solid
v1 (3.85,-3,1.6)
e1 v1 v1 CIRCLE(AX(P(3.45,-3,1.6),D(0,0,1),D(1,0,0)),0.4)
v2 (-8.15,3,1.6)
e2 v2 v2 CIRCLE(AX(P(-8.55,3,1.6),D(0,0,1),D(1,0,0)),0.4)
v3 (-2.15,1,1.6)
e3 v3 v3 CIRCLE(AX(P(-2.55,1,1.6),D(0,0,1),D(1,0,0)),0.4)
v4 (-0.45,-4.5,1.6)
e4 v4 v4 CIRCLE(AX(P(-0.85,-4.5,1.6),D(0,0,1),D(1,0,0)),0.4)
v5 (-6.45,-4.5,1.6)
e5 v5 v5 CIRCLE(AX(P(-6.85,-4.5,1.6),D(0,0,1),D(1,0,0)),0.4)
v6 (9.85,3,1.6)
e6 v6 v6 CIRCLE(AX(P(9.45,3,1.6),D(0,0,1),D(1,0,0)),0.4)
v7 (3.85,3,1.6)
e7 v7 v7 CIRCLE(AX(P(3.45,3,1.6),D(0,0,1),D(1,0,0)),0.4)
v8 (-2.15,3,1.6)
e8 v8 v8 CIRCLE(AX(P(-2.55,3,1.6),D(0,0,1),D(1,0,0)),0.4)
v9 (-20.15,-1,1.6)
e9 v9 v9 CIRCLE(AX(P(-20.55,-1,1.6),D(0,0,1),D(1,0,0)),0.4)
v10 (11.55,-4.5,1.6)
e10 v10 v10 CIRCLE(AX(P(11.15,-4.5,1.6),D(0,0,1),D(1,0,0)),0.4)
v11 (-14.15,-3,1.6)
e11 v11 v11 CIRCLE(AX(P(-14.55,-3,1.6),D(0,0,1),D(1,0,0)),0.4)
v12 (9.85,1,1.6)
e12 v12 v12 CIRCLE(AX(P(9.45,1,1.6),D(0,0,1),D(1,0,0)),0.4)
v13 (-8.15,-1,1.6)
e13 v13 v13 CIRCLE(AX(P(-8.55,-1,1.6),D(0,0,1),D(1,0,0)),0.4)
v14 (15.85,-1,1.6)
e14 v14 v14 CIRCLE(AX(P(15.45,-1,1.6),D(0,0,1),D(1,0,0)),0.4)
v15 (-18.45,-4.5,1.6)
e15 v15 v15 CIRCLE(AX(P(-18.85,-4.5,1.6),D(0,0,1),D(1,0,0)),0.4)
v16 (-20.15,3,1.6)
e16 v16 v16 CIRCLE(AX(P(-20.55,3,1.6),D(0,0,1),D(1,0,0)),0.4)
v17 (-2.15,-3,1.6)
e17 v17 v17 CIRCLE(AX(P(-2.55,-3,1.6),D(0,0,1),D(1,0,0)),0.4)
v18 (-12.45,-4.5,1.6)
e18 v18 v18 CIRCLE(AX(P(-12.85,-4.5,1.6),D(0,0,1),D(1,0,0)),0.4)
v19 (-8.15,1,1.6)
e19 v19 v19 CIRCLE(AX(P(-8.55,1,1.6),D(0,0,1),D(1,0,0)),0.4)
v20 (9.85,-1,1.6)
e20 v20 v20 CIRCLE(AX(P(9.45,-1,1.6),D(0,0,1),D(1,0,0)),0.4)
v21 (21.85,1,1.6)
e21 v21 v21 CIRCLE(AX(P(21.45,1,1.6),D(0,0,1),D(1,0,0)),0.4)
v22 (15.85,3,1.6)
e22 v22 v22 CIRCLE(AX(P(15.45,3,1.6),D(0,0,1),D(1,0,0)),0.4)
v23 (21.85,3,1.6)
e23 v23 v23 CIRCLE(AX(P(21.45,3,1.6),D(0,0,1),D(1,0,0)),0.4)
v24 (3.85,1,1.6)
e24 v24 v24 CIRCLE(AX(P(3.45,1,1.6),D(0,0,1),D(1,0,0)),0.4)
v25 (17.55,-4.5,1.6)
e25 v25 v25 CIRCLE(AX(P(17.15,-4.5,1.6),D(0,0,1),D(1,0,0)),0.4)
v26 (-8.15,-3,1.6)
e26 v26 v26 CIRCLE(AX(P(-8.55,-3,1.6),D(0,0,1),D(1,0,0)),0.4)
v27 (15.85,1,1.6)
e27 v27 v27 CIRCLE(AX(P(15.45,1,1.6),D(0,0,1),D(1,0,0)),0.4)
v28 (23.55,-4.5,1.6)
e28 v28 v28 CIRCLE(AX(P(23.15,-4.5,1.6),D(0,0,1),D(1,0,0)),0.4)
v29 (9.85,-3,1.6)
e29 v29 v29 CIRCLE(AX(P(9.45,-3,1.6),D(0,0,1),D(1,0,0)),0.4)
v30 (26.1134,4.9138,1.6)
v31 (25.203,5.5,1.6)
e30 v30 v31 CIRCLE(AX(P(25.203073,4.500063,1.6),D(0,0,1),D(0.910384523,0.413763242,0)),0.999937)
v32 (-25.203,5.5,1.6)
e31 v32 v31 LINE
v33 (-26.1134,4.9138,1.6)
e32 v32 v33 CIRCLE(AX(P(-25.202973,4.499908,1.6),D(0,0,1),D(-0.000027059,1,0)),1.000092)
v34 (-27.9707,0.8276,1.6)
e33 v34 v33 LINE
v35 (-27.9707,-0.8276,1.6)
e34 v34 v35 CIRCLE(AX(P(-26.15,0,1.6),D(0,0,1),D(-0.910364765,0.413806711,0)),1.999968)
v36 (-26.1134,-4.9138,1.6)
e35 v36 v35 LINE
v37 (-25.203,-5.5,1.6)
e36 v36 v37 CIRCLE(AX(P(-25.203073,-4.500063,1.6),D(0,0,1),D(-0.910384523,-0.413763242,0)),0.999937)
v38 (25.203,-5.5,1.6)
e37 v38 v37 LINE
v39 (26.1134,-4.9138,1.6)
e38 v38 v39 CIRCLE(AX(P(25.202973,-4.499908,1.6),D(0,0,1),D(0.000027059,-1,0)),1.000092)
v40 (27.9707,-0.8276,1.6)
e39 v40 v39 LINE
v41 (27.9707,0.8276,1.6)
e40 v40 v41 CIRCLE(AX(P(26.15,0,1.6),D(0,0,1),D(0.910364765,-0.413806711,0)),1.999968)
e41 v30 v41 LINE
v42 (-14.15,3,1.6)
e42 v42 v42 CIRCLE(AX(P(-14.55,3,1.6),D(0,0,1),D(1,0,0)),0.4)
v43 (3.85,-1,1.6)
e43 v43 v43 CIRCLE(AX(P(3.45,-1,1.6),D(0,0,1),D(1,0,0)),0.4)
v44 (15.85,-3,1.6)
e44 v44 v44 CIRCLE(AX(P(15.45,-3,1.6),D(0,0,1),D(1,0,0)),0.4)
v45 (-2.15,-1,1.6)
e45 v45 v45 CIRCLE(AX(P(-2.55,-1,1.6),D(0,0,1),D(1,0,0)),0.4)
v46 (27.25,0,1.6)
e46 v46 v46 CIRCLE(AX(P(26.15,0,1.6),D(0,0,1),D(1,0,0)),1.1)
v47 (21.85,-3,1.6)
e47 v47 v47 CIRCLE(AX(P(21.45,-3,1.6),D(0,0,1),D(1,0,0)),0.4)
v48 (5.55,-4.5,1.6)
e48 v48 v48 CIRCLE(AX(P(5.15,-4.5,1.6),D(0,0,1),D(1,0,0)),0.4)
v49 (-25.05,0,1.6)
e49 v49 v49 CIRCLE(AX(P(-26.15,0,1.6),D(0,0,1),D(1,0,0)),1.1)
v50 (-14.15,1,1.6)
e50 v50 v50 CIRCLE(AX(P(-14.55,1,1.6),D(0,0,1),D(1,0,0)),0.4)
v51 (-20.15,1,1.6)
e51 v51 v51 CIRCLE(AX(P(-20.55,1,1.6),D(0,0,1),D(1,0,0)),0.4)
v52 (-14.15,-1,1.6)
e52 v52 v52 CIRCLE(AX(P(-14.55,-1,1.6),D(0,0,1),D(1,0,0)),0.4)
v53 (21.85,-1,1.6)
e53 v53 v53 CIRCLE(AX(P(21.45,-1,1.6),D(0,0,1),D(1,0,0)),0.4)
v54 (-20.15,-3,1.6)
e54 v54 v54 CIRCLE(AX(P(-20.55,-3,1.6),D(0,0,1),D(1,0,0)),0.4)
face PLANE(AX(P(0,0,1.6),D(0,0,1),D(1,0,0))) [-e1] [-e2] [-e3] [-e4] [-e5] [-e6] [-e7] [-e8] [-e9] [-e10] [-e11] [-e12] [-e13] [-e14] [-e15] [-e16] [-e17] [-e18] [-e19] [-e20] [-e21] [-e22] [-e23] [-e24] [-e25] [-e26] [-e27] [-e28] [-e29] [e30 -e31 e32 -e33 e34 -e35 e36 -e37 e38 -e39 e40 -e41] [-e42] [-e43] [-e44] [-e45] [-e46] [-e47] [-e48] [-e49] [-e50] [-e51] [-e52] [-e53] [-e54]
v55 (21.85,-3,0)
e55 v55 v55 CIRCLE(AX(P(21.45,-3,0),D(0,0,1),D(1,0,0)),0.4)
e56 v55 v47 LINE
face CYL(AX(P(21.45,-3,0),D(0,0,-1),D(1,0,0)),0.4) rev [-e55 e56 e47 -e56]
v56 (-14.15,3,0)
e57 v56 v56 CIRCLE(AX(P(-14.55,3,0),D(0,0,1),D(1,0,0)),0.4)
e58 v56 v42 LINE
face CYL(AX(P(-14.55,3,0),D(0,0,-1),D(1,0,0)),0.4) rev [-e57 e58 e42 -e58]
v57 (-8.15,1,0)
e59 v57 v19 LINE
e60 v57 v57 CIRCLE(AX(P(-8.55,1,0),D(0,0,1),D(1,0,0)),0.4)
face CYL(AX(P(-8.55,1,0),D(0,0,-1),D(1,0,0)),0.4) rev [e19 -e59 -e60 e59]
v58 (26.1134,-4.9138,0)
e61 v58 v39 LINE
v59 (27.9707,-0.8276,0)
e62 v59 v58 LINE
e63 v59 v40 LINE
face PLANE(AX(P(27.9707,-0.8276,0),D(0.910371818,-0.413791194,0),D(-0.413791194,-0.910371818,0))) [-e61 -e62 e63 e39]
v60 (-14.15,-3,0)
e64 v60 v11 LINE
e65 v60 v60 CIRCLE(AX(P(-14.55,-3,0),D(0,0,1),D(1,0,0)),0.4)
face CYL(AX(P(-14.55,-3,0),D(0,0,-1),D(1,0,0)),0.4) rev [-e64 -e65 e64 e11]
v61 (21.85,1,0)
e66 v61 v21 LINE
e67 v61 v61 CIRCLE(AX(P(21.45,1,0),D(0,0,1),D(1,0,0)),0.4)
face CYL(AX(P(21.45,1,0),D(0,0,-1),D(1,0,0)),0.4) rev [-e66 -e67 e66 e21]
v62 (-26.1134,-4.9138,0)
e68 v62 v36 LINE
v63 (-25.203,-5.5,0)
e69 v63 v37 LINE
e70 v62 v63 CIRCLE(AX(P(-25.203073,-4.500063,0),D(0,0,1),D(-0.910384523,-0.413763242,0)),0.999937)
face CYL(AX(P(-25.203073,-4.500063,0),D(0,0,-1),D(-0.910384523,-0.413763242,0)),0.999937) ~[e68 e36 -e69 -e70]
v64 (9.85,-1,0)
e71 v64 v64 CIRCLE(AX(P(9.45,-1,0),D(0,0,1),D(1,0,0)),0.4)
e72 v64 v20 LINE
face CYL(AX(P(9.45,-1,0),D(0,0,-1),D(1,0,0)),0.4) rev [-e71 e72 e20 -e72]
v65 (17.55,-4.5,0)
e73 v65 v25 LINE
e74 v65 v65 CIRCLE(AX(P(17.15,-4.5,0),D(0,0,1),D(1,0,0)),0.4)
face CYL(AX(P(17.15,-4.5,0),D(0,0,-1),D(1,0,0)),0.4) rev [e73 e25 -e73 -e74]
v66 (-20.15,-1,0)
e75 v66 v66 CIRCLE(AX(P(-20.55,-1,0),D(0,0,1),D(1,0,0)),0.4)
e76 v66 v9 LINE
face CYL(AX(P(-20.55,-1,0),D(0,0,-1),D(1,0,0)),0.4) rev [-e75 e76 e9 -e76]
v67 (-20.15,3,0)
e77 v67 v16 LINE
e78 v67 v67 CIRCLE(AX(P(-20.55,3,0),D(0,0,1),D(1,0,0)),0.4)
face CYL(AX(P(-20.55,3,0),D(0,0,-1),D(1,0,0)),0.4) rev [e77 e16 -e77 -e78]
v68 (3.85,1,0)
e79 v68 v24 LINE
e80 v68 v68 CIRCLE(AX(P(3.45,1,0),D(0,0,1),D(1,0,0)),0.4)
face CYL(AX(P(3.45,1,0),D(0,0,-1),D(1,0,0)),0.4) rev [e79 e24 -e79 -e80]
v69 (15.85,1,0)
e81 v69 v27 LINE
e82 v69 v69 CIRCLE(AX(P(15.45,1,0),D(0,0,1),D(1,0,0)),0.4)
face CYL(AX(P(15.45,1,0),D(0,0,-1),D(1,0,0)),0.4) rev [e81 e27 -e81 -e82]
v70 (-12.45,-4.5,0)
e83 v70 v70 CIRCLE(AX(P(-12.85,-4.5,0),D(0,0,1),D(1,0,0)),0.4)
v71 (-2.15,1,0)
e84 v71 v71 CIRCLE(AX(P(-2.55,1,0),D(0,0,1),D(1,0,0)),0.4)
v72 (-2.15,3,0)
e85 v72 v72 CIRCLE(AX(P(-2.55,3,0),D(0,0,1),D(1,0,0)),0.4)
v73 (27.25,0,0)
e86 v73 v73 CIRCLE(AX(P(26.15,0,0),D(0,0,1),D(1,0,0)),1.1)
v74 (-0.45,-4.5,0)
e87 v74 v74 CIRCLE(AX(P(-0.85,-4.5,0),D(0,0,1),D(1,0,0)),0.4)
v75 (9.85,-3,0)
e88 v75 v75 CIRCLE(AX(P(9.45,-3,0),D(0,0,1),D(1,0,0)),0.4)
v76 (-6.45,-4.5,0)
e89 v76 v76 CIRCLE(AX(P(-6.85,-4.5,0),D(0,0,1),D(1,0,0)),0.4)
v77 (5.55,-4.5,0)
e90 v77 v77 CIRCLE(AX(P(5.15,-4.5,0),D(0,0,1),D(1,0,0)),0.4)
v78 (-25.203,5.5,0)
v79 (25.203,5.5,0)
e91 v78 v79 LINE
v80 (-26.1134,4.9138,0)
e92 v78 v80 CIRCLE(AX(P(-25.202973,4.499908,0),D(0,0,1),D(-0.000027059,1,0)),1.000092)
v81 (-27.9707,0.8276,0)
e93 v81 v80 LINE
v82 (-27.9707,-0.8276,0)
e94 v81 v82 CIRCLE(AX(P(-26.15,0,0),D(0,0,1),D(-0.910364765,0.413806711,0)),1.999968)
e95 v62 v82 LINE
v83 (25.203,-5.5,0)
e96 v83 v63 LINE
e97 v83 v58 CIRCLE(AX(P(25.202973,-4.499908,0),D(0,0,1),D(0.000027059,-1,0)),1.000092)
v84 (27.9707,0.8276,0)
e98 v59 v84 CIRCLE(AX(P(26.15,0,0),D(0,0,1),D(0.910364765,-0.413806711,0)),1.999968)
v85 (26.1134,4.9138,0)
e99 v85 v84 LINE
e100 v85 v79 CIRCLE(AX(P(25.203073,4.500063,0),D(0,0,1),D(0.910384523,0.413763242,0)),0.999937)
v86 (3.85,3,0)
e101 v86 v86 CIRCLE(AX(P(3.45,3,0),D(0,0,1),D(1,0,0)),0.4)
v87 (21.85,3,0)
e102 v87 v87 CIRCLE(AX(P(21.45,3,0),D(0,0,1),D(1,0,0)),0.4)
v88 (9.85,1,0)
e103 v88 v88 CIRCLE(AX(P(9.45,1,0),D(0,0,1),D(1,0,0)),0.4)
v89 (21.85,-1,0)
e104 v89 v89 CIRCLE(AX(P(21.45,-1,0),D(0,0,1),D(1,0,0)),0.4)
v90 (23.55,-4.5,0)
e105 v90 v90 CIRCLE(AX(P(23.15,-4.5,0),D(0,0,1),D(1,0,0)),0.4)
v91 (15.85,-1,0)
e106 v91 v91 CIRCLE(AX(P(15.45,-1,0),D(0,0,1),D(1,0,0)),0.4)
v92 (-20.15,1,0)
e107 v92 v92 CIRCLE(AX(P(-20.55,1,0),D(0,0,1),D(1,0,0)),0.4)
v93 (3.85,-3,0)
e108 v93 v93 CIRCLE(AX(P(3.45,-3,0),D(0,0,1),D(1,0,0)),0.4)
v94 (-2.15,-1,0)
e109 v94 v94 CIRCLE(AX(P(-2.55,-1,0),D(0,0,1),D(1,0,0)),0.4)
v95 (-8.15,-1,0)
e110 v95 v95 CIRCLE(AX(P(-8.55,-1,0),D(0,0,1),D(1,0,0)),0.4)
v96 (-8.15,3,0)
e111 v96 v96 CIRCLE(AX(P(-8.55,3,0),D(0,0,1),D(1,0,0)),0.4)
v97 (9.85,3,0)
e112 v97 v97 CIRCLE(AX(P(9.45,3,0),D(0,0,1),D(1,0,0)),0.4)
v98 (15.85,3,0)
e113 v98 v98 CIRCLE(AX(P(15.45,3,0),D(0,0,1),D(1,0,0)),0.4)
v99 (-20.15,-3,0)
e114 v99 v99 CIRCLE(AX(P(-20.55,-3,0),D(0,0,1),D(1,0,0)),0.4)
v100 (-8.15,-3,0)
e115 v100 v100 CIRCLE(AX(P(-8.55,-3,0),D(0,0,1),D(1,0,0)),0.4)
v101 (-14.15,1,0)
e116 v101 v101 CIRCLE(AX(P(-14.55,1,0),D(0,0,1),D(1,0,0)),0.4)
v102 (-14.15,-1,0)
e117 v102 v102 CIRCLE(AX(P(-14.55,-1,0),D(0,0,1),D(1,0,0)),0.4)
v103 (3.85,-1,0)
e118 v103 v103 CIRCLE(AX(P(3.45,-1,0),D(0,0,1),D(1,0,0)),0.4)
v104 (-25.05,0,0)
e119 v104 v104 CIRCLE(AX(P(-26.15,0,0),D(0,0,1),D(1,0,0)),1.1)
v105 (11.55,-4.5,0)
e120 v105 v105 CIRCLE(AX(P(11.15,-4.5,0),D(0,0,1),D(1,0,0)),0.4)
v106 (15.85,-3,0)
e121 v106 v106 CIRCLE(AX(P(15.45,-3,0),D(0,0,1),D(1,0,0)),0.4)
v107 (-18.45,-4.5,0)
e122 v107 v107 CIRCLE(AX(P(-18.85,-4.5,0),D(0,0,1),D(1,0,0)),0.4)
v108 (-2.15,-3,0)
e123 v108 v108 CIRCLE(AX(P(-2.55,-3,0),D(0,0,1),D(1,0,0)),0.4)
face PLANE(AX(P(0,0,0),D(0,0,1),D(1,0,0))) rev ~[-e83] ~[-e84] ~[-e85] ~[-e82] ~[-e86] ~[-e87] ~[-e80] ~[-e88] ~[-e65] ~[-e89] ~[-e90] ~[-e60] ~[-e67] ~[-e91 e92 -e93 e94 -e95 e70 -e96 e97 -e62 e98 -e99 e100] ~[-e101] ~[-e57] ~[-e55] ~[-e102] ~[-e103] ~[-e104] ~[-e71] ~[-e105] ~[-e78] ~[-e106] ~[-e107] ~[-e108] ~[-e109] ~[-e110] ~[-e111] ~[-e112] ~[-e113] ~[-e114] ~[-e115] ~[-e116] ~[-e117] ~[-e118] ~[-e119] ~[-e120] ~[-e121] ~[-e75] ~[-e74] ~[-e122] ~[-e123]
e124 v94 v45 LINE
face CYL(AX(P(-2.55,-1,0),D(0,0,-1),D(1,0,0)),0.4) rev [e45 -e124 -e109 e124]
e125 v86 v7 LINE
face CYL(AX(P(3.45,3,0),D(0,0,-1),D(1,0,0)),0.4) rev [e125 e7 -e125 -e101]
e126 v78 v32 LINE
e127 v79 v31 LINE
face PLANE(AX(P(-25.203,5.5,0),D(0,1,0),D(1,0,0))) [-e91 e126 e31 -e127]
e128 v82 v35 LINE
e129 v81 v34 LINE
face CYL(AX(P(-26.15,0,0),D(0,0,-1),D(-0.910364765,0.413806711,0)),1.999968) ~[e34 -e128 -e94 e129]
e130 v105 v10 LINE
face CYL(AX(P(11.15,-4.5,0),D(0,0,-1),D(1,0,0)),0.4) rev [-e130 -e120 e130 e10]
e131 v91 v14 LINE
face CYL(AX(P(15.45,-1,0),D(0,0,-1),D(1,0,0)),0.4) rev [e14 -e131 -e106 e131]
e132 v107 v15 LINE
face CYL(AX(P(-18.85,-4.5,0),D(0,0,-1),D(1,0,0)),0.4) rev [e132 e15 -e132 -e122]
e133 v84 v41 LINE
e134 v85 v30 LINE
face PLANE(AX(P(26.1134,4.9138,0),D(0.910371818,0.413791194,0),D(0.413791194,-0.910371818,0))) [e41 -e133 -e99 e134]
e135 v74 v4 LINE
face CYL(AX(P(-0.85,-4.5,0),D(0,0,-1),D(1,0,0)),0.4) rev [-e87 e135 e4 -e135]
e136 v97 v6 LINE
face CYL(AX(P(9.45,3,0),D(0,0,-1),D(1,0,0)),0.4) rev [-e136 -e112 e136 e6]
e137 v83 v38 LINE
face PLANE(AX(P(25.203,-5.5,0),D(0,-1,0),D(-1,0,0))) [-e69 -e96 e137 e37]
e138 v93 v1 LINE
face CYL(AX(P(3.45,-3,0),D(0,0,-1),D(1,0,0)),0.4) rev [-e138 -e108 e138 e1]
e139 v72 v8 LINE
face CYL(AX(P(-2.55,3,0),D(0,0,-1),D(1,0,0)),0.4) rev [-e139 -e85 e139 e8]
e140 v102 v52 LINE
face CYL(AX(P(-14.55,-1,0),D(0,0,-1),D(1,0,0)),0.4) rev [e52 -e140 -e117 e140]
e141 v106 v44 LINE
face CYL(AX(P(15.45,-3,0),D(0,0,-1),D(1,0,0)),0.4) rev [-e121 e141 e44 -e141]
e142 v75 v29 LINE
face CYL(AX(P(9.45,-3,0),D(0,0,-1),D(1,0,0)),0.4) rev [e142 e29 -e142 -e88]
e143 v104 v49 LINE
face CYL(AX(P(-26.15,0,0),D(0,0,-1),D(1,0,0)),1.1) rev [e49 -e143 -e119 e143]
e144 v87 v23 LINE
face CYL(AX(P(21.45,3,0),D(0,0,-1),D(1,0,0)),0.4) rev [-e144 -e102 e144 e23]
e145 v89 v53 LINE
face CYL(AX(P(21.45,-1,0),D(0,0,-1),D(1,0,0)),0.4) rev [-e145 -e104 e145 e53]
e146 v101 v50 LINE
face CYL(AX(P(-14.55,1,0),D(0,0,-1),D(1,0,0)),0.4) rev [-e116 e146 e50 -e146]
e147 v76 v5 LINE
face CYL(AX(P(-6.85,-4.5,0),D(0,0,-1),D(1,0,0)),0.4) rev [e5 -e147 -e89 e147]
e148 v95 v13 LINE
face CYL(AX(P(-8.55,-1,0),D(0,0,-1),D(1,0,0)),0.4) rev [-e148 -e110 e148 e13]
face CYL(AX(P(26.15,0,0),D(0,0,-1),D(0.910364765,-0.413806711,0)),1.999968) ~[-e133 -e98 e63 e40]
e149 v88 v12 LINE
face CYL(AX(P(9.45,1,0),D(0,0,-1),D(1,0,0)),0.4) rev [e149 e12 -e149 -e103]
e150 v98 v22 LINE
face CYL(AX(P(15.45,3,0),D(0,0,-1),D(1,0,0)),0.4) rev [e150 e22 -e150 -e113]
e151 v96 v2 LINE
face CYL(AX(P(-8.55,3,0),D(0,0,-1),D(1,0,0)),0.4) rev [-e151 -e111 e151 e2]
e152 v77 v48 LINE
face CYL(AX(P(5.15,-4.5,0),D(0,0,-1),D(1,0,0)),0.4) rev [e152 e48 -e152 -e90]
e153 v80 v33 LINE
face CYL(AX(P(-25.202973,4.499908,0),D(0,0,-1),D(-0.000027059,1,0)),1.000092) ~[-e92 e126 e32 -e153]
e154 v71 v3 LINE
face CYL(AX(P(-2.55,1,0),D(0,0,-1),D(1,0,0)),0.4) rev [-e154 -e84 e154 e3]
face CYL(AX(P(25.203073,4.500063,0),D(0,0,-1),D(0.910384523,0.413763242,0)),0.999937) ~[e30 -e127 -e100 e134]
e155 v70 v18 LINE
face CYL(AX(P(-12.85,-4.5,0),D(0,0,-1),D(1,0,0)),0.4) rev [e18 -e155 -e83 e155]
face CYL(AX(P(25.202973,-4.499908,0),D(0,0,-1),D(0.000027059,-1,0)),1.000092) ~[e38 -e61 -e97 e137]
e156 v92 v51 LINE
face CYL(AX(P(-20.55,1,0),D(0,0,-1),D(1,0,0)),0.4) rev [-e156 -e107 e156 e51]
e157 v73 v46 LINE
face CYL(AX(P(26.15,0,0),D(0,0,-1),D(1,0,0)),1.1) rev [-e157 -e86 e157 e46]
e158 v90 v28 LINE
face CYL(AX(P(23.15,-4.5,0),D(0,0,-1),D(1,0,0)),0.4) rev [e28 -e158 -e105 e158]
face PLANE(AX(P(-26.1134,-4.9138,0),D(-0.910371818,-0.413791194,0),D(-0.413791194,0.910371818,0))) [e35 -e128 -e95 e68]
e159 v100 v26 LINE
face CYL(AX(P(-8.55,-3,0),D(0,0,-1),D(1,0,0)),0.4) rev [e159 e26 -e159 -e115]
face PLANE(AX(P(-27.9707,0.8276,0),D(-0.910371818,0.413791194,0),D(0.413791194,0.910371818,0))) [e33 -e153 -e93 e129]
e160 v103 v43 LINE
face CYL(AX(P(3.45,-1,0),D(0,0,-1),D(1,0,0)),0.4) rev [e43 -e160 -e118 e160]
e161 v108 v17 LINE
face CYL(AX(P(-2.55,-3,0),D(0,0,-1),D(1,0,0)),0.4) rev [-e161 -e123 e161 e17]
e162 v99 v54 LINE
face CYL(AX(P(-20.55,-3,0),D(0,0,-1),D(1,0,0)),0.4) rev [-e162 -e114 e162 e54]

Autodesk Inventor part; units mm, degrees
ref_plane "YZ Plane" through (0, 0, 0) normal (1, 0, 0) x (0, 1, 0)
ref_plane "XZ Plane" through (0, 0, 0) normal (0, 1, 0) x (-1, 0, 0)
ref_plane "XY Plane" through (0, 0, 0) normal (0, 0, 1) x (1, 0, 0)
sketch "スケッチ1" plane through (0, 0, 0) normal (0, 0, 1) x (1, 0, 0)
  circle A0 centre (-26.15, 0) radius 1.1
  circle A1 centre (-20.55, 3) radius 0.4
  circle A2 centre (-18.85, 4.5) radius 0.4 construction
  circle A3 centre (-20.55, 1) radius 0.4
  circle A4 centre (-20.55, -1) radius 0.4
  circle A5 centre (-20.55, -3) radius 0.4
  circle A6 centre (-14.55, 3) radius 0.4
  circle A7 centre (-12.85, 4.5) radius 0.4 construction
  circle A8 centre (-14.55, 1) radius 0.4
  circle A9 centre (-14.55, -1) radius 0.4
  circle A10 centre (-14.55, -3) radius 0.4
  circle A11 centre (-8.55, 3) radius 0.4
  circle A12 centre (-6.85, 4.5) radius 0.4 construction
  circle A13 centre (-8.55, 1) radius 0.4
  circle A14 centre (-8.55, -1) radius 0.4
  circle A15 centre (-8.55, -3) radius 0.4
  circle A16 centre (-2.55, 3) radius 0.4
  circle A17 centre (-0.85, 4.5) radius 0.4 construction
  circle A18 centre (-2.55, 1) radius 0.4
  circle A19 centre (-2.55, -1) radius 0.4
  circle A20 centre (-2.55, -3) radius 0.4
  circle A21 centre (3.45, 3) radius 0.4
  circle A22 centre (5.15, 4.5) radius 0.4 construction
  circle A23 centre (3.45, 1) radius 0.4
  circle A24 centre (3.45, -1) radius 0.4
  circle A25 centre (3.45, -3) radius 0.4
  circle A26 centre (9.45, 3) radius 0.4
  circle A27 centre (11.15, 4.5) radius 0.4 construction
  circle A28 centre (9.45, 1) radius 0.4
  circle A29 centre (9.45, -1) radius 0.4
  circle A30 centre (9.45, -3) radius 0.4
  circle A31 centre (15.45, 3) radius 0.4
  circle A32 centre (17.15, 4.5) radius 0.4 construction
  circle A33 centre (15.45, 1) radius 0.4
  circle A34 centre (15.45, -1) radius 0.4
  circle A35 centre (15.45, -3) radius 0.4
  circle A36 centre (21.45, 3) radius 0.4
  circle A37 centre (23.15, 4.5) radius 0.4 construction
  circle A38 centre (21.45, 1) radius 0.4
  circle A39 centre (21.45, -1) radius 0.4
  circle A40 centre (21.45, -3) radius 0.4
  line L0 (-26.1134, -4.9138) -> (-27.9707, -0.8276)
  arc A41 (-27.9707, 0.8276) -> (-27.9707, -0.8276) centre (-26.15, 0) ccw
  line L1 (-27.9707, 0.8276) -> (-26.1134, 4.9138)
  arc A42 (-25.203, 5.5) -> (-26.1134, 4.9138) centre (-25.203, 4.5) ccw
  line L2 (-25.203, 5.5) -> (25.203, 5.5)
  arc A43 (26.1134, 4.9138) -> (25.203, 5.5) centre (25.203, 4.5) ccw
  line L3 (26.1134, 4.9138) -> (27.9707, 0.8276)
  arc A44 (27.9707, -0.8276) -> (27.9707, 0.8276) centre (26.15, 0) ccw
  line L4 (27.9707, -0.8276) -> (26.1134, -4.9138)
  arc A45 (25.203, -5.5) -> (26.1134, -4.9138) centre (25.203, -4.5) ccw
  line L5 (25.203, -5.5) -> (-25.203, -5.5)
  arc A46 (-26.1134, -4.9138) -> (-25.203, -5.5) centre (-25.203, -4.5) ccw
  circle A47 centre (26.15, 0) radius 1.1
  line L6 (-26.15, 0) -> (26.15, 0) construction
  line L7 (0, 0) -> (0, 14.1732) construction
  circle A48 centre (-18.85, -4.5) radius 0.4
  circle A49 centre (-12.85, -4.5) radius 0.4
  circle A50 centre (-6.85, -4.5) radius 0.4
  circle A51 centre (-0.85, -4.5) radius 0.4
  circle A52 centre (5.15, -4.5) radius 0.4
  circle A53 centre (11.15, -4.5) radius 0.4
  circle A54 centre (17.15, -4.5) radius 0.4
  circle A55 centre (23.15, -4.5) radius 0.4
extrude "押し出し1" add sketch "スケッチ1" along normal blind 1.6
properties part number "IMUTrackerBase_8port_hub_pcb"
